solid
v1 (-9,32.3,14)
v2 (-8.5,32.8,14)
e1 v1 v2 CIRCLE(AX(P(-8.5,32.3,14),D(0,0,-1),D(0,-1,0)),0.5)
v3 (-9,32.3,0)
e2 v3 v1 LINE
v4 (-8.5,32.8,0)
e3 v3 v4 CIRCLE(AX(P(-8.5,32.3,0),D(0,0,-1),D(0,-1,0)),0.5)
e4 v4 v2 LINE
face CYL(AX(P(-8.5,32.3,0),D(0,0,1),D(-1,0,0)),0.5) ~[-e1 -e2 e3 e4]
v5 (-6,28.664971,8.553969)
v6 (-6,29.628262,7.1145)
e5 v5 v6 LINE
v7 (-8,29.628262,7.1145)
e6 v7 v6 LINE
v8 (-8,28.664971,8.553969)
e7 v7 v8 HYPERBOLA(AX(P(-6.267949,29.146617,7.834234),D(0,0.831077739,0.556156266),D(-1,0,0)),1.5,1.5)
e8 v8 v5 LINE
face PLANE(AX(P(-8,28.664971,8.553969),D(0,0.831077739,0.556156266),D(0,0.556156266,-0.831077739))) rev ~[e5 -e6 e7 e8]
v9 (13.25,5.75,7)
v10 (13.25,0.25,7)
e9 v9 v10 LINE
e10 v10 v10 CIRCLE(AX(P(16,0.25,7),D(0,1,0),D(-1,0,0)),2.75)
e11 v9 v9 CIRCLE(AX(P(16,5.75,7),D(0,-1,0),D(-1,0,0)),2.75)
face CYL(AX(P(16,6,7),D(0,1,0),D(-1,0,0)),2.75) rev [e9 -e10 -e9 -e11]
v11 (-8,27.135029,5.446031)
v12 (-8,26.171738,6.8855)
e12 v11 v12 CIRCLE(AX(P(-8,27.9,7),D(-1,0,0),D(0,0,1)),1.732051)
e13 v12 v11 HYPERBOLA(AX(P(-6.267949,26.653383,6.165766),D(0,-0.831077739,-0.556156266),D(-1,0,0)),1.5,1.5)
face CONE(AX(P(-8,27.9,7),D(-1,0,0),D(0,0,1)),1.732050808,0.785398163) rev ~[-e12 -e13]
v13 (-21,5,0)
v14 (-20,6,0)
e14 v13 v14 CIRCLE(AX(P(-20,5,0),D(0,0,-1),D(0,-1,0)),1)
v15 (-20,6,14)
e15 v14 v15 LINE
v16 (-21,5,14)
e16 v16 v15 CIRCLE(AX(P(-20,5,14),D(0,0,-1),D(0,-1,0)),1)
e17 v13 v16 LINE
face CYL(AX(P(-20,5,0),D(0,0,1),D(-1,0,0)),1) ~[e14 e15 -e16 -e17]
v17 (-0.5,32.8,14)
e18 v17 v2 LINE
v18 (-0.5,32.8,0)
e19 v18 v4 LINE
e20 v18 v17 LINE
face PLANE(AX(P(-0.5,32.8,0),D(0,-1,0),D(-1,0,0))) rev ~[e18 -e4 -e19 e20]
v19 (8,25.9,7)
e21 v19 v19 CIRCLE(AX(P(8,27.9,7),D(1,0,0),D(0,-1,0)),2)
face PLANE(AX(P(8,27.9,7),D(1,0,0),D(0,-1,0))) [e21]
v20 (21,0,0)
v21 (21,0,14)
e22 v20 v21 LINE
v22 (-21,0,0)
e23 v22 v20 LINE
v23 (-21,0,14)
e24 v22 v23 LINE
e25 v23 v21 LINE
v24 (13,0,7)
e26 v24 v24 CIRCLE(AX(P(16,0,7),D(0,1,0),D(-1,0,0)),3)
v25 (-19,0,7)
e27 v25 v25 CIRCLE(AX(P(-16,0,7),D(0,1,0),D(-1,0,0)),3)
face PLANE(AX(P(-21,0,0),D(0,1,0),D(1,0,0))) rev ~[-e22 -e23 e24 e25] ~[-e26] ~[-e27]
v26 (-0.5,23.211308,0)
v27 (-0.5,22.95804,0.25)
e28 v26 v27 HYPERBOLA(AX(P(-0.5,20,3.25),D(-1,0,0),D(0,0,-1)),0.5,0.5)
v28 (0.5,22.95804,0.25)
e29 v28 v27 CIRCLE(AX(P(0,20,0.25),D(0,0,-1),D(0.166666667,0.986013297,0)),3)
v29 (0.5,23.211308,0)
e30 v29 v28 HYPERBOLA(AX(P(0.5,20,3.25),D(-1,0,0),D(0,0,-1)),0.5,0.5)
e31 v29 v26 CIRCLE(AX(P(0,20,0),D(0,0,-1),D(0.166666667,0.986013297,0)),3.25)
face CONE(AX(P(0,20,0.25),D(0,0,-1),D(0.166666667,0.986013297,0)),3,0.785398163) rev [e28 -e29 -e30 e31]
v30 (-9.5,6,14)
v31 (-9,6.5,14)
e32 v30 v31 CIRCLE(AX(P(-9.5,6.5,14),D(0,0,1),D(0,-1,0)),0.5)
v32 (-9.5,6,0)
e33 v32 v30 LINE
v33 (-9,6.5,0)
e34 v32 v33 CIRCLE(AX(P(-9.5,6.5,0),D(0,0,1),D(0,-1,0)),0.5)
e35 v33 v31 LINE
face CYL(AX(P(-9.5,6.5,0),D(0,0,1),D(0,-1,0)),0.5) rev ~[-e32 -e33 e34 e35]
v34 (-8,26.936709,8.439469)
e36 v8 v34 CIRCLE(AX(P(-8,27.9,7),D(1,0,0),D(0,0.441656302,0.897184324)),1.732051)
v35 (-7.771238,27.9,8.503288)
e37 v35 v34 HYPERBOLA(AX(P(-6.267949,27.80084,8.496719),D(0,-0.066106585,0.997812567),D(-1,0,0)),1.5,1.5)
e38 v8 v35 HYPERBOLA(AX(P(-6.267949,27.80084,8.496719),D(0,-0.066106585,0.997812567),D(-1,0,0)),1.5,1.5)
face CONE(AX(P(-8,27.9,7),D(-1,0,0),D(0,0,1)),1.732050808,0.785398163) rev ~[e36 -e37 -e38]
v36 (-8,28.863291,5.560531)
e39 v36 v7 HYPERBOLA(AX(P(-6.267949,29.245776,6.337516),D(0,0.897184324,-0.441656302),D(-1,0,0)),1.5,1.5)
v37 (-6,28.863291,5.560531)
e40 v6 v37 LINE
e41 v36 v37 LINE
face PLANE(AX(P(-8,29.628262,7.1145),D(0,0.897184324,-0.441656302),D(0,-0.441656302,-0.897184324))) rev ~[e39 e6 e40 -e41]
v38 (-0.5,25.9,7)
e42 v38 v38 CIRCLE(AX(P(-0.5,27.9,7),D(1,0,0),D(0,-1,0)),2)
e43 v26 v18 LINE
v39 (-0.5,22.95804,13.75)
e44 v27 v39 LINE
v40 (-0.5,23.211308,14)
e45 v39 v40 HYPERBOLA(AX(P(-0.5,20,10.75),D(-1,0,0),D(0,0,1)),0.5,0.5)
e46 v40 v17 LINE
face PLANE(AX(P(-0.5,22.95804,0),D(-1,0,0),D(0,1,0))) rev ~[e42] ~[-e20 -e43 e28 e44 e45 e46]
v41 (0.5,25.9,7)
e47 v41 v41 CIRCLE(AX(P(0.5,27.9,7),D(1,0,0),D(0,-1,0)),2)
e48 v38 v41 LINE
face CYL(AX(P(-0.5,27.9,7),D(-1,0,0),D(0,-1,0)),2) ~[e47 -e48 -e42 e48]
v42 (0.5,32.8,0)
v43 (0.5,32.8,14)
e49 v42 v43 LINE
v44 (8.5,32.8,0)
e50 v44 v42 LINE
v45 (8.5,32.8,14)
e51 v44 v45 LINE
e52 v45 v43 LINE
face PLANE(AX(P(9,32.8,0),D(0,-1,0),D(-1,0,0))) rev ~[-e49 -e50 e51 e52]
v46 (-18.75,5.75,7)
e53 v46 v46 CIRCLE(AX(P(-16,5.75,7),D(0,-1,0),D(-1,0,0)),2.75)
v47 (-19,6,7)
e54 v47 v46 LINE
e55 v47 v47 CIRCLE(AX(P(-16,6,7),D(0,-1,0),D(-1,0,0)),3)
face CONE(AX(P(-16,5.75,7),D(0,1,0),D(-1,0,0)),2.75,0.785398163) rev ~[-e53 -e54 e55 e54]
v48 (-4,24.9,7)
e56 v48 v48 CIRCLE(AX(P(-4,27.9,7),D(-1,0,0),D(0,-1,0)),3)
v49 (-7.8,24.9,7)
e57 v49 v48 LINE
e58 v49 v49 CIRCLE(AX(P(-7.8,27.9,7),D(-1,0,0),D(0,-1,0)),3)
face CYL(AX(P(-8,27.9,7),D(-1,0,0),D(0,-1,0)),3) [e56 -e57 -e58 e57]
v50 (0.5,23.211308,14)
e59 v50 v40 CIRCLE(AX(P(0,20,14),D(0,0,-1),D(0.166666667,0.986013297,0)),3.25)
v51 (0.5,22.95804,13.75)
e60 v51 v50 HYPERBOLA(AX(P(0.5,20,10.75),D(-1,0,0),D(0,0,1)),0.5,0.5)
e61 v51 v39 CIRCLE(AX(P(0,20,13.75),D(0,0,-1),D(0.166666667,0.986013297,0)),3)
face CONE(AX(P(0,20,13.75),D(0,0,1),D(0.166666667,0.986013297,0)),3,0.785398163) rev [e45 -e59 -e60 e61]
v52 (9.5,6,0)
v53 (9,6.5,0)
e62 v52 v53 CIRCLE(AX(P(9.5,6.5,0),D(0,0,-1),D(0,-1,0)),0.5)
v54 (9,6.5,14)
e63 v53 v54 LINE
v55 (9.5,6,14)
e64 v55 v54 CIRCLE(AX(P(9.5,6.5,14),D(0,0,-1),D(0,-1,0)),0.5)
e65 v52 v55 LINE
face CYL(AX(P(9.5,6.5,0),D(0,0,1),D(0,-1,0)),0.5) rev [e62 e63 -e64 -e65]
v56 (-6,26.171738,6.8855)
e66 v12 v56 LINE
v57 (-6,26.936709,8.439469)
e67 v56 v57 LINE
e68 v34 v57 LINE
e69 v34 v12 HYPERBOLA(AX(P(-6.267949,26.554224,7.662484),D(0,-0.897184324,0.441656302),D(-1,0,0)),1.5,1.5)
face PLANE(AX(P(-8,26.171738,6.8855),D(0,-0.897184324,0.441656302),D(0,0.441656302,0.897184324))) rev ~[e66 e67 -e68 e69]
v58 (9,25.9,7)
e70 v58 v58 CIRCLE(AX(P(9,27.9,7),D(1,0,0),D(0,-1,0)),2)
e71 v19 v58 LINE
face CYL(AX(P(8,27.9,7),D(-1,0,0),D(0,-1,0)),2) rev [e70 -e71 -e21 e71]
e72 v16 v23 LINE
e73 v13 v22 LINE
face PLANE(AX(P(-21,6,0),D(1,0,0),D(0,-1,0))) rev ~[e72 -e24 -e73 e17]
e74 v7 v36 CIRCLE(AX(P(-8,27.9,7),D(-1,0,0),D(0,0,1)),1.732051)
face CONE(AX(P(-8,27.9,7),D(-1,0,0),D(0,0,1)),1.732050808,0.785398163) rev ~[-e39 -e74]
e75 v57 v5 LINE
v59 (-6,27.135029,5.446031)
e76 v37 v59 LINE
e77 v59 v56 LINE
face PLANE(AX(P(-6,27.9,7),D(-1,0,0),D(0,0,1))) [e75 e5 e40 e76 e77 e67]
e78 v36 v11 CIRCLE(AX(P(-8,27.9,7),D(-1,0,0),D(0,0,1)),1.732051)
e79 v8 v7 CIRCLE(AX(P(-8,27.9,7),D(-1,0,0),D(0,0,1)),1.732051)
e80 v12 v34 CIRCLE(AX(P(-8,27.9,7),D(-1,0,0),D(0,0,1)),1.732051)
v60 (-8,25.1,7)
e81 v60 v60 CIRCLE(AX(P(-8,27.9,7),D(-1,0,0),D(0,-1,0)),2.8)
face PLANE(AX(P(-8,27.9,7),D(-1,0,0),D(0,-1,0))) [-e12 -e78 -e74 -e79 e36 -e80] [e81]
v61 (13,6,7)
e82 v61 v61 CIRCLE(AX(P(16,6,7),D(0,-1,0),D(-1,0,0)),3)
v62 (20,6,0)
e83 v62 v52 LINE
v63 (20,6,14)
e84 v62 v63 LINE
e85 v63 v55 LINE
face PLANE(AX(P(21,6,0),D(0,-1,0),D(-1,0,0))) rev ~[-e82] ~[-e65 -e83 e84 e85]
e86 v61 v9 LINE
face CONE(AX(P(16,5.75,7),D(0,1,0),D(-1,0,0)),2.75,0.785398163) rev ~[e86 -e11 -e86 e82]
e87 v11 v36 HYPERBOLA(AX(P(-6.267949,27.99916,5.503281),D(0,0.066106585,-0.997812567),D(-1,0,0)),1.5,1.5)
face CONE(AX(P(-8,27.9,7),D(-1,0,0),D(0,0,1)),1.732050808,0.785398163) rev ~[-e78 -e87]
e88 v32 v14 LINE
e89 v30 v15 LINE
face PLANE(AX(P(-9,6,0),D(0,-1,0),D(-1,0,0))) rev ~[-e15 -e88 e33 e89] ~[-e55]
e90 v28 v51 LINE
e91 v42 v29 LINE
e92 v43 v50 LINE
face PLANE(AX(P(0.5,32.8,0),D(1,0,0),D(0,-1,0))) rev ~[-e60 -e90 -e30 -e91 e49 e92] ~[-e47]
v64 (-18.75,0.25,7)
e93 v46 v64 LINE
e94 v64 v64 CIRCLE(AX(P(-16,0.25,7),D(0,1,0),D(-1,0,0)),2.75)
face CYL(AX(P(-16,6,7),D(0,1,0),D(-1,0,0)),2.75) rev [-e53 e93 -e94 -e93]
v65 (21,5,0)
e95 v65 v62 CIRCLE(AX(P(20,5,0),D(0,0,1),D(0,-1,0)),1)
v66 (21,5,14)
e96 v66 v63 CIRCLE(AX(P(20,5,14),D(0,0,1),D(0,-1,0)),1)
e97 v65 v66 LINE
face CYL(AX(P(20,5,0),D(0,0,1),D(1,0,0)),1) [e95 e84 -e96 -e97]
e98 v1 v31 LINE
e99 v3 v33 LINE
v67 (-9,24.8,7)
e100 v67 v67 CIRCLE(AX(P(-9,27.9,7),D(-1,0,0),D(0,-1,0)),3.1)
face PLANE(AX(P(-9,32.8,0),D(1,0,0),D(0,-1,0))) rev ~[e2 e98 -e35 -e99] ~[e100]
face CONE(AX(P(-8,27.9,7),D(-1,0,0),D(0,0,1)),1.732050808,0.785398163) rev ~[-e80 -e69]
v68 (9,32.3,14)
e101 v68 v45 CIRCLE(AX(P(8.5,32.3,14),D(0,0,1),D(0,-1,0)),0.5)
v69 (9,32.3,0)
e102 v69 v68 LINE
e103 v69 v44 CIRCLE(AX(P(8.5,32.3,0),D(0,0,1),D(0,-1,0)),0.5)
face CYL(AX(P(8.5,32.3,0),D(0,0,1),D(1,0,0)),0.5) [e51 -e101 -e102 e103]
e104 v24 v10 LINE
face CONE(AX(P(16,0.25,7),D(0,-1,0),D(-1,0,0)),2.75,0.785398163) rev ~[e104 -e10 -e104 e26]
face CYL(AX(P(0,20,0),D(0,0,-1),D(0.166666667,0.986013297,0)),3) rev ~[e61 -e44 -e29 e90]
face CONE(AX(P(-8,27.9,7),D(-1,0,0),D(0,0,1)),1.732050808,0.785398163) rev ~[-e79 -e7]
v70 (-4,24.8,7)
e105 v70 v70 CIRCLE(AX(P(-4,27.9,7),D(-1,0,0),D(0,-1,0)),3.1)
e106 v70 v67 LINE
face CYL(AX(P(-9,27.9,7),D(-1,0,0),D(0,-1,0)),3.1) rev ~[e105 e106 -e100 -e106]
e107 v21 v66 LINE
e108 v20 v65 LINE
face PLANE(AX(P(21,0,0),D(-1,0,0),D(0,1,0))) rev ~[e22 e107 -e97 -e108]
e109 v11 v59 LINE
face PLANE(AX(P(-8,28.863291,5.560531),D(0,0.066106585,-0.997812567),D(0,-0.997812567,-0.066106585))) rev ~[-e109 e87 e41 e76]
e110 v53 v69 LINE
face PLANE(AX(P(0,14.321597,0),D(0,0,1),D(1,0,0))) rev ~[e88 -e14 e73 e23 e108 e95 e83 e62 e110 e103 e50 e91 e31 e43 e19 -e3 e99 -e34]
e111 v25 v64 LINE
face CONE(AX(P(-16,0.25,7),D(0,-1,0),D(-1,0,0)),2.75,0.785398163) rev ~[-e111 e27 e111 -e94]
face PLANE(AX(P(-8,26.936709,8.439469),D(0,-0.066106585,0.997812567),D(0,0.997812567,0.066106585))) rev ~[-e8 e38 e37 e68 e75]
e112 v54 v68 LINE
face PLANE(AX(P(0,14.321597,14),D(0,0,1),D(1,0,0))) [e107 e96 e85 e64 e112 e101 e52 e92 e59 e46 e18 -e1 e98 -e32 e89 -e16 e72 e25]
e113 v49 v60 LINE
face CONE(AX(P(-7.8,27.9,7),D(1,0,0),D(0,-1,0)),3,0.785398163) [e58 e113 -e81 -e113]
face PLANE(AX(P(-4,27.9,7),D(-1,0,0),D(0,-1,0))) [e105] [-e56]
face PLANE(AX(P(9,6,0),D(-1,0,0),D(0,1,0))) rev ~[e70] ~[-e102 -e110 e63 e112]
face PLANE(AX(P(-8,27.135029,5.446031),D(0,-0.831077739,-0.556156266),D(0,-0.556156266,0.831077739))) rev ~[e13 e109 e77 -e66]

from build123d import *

# Parameters (mm, degrees)
BOSS_EXTRUDE1_DEPTH     = 14
CUT_EXTRUDE1_DEPTH      = 42.386471219
CUT_EXTRUDE1_DEPTH_BACK = 6
SKETCH3_R               = 2.75
FILLET1_R               = 1
FILLET2_R               = 0.5
CHAMFER1_SIZE           = 0.25
SKETCH4_R               = 3.1
CUT_EXTRUDE2_DEPTH      = 1
SKETCH5_R               = 3.1
SKETCH5_R_2             = 3
CUT_EXTRUDE3_DEPTH      = 4
CHAMFER2_SIZE           = 0.2
CUT_EXTRUDE4_DEPTH      = 2
SKETCH7_R               = 2
BOSS_EXTRUDE2_DEPTH     = 1
CUT_EXTRUDE5_START      = -1
SKETCH8_R               = 2
CUT_EXTRUDE5_DEPTH      = 1
SKETCH9_R               = 1.732050808
CUT_EXTRUDE6_DEPTH      = 1
CUT_EXTRUDE6_DRAFT      = -45


with BuildPart() as part:
    # Sketch1 → Boss-Extrude1 (new body)
    with BuildSketch(Plane.XY):
        with BuildLine():
            Line((-21, 0), (21, 0))
            Line((21, 0), (21, 6))
            Line((21, 6), (9, 6))
            Line((9, 6), (9, 32.8))
            Line((9, 32.8), (0.5, 32.8))
            Line((0.5, 32.8), (0.5, 22.958039892))
            ThreePointArc((0.5, 22.958039892), (0, 17), (-0.5, 22.958039892))
            Line((-0.5, 22.958039892), (-0.5, 32.8))
            Line((-0.5, 32.8), (-9, 32.8))
            Line((-9, 32.8), (-9, 6))
            Line((-9, 6), (-21, 6))
            Line((-21, 6), (-21, 0))
        make_face()
    extrude(amount=BOSS_EXTRUDE1_DEPTH)

    # Sketch3 → Cut-Extrude1 (cut, two sides: drawn at the far end of the back side and taken through both)
    with BuildSketch(Plane.XZ.offset(-CUT_EXTRUDE1_DEPTH_BACK)):
        with Locations(Location((-16, 7, 0), (0, 0, 180))):
            Circle(SKETCH3_R)
        with Locations(Location((16, 7, 0), (0, 0, 180))):
            Circle(SKETCH3_R)
    extrude(amount=CUT_EXTRUDE1_DEPTH + CUT_EXTRUDE1_DEPTH_BACK, mode=Mode.SUBTRACT)

    # Fillet1
    fillet1_edges = [part.edges().sort_by_distance(p)[0] for p in [
        (-21, 6, 7),
        (21, 6, 7),
    ]]
    fillet(fillet1_edges, radius=FILLET1_R)

    # Fillet2
    fillet2_edges = [part.edges().sort_by_distance(p)[0] for p in [
        (-9, 6, 7),
        (-9, 32.8, 7),
        (9, 32.8, 7),
        (9, 6, 7),
    ]]
    fillet(fillet2_edges, radius=FILLET2_R)

    # Chamfer1
    chamfer1_edges = [part.edges().sort_by_distance(p)[0] for p in [
        (0, 17, 0),
        (0, 17, 14),
        (18.75, 6, 7),
        (18.75, 0, 7),
        (-13.25, 6, 7),
        (-13.25, 0, 7),
    ]]
    chamfer(chamfer1_edges, length=CHAMFER1_SIZE)

    # Sketch4 → Cut-Extrude2 (cut)
    with BuildSketch(Plane.ZY.offset(9)):
        with Locations(Location((7, 27.9, 0), (0, 0, 270))):
            Circle(SKETCH4_R)
    extrude(amount=-CUT_EXTRUDE2_DEPTH, mode=Mode.SUBTRACT)

    # Sketch5 → Cut-Extrude3 (cut)
    with BuildSketch(Plane.ZY.offset(8)):
        with Locations(Location((7, 27.9, 0), (0, 0, 270))):
            Circle(SKETCH5_R)
        with Locations(Location((7, 27.9, 0), (0, 0, 270))):
            Circle(SKETCH5_R_2, mode=Mode.SUBTRACT)
    extrude(amount=-CUT_EXTRUDE3_DEPTH, mode=Mode.SUBTRACT)

    # Chamfer2
    chamfer2_edges = [part.edges().sort_by_distance(p)[0] for p in [
        (-8, 30.9, 7),
    ]]
    chamfer(chamfer2_edges, length=CHAMFER2_SIZE)

    # Sketch6 → Cut-Extrude4 (cut)
    with BuildSketch(Plane.ZY.offset(8)):
        Polygon((7.114499964, 29.628262063), (5.560531131, 28.863290909), (5.446031167, 27.135028846), (6.885500036, 26.171737937), (8.439468869, 26.936709091), (8.553968833, 28.664971154), align=None)
    extrude(amount=-CUT_EXTRUDE4_DEPTH, mode=Mode.SUBTRACT)

    # Sketch7 → Boss-Extrude2 (add)
    with BuildSketch(Plane(origin=(-0.5, 0, 0), x_dir=(0, 0, -1), z_dir=(1, 0, 0))):
        with Locations(Location((-7, 27.9, 0), (0, 0, 270))):
            Circle(SKETCH7_R)
    extrude(amount=BOSS_EXTRUDE2_DEPTH)

    # Sketch8 → Cut-Extrude5 (cut)
    with BuildSketch(Plane(origin=(9, 0, 0), x_dir=(0, 0, -1), z_dir=(1, 0, 0)).offset(CUT_EXTRUDE5_START)):
        with Locations(Location((-7, 27.9, 0), (0, 0, 270))):
            Circle(SKETCH8_R)
    extrude(amount=CUT_EXTRUDE5_DEPTH, mode=Mode.SUBTRACT)


with BuildPart() as cut_extrude6_tool:
    # Sketch9 → Cut-Extrude6 (with draft: the straight prism first)
    with BuildSketch(Plane.ZY.offset(8)):
        with Locations((7, 27.9)):
            Circle(SKETCH9_R)
    extrude(amount=-CUT_EXTRUDE6_DEPTH)
    # Cut-Extrude6: the draft: its side faces are tilted about the plane it starts from
    cut_extrude6_sides = [cut_extrude6_tool.faces().sort_by_distance(p)[0] for p in [
        (-7.5, 27.9, 5.267949192),
    ]]
    draft(cut_extrude6_sides, Plane.ZY.offset(8), CUT_EXTRUDE6_DRAFT)


with BuildPart() as part_1:
    add(part.part)

    # Cut-Extrude6: cut by cut_extrude6_tool
    add(cut_extrude6_tool.part, mode=Mode.SUBTRACT)


solid = part_1.part
